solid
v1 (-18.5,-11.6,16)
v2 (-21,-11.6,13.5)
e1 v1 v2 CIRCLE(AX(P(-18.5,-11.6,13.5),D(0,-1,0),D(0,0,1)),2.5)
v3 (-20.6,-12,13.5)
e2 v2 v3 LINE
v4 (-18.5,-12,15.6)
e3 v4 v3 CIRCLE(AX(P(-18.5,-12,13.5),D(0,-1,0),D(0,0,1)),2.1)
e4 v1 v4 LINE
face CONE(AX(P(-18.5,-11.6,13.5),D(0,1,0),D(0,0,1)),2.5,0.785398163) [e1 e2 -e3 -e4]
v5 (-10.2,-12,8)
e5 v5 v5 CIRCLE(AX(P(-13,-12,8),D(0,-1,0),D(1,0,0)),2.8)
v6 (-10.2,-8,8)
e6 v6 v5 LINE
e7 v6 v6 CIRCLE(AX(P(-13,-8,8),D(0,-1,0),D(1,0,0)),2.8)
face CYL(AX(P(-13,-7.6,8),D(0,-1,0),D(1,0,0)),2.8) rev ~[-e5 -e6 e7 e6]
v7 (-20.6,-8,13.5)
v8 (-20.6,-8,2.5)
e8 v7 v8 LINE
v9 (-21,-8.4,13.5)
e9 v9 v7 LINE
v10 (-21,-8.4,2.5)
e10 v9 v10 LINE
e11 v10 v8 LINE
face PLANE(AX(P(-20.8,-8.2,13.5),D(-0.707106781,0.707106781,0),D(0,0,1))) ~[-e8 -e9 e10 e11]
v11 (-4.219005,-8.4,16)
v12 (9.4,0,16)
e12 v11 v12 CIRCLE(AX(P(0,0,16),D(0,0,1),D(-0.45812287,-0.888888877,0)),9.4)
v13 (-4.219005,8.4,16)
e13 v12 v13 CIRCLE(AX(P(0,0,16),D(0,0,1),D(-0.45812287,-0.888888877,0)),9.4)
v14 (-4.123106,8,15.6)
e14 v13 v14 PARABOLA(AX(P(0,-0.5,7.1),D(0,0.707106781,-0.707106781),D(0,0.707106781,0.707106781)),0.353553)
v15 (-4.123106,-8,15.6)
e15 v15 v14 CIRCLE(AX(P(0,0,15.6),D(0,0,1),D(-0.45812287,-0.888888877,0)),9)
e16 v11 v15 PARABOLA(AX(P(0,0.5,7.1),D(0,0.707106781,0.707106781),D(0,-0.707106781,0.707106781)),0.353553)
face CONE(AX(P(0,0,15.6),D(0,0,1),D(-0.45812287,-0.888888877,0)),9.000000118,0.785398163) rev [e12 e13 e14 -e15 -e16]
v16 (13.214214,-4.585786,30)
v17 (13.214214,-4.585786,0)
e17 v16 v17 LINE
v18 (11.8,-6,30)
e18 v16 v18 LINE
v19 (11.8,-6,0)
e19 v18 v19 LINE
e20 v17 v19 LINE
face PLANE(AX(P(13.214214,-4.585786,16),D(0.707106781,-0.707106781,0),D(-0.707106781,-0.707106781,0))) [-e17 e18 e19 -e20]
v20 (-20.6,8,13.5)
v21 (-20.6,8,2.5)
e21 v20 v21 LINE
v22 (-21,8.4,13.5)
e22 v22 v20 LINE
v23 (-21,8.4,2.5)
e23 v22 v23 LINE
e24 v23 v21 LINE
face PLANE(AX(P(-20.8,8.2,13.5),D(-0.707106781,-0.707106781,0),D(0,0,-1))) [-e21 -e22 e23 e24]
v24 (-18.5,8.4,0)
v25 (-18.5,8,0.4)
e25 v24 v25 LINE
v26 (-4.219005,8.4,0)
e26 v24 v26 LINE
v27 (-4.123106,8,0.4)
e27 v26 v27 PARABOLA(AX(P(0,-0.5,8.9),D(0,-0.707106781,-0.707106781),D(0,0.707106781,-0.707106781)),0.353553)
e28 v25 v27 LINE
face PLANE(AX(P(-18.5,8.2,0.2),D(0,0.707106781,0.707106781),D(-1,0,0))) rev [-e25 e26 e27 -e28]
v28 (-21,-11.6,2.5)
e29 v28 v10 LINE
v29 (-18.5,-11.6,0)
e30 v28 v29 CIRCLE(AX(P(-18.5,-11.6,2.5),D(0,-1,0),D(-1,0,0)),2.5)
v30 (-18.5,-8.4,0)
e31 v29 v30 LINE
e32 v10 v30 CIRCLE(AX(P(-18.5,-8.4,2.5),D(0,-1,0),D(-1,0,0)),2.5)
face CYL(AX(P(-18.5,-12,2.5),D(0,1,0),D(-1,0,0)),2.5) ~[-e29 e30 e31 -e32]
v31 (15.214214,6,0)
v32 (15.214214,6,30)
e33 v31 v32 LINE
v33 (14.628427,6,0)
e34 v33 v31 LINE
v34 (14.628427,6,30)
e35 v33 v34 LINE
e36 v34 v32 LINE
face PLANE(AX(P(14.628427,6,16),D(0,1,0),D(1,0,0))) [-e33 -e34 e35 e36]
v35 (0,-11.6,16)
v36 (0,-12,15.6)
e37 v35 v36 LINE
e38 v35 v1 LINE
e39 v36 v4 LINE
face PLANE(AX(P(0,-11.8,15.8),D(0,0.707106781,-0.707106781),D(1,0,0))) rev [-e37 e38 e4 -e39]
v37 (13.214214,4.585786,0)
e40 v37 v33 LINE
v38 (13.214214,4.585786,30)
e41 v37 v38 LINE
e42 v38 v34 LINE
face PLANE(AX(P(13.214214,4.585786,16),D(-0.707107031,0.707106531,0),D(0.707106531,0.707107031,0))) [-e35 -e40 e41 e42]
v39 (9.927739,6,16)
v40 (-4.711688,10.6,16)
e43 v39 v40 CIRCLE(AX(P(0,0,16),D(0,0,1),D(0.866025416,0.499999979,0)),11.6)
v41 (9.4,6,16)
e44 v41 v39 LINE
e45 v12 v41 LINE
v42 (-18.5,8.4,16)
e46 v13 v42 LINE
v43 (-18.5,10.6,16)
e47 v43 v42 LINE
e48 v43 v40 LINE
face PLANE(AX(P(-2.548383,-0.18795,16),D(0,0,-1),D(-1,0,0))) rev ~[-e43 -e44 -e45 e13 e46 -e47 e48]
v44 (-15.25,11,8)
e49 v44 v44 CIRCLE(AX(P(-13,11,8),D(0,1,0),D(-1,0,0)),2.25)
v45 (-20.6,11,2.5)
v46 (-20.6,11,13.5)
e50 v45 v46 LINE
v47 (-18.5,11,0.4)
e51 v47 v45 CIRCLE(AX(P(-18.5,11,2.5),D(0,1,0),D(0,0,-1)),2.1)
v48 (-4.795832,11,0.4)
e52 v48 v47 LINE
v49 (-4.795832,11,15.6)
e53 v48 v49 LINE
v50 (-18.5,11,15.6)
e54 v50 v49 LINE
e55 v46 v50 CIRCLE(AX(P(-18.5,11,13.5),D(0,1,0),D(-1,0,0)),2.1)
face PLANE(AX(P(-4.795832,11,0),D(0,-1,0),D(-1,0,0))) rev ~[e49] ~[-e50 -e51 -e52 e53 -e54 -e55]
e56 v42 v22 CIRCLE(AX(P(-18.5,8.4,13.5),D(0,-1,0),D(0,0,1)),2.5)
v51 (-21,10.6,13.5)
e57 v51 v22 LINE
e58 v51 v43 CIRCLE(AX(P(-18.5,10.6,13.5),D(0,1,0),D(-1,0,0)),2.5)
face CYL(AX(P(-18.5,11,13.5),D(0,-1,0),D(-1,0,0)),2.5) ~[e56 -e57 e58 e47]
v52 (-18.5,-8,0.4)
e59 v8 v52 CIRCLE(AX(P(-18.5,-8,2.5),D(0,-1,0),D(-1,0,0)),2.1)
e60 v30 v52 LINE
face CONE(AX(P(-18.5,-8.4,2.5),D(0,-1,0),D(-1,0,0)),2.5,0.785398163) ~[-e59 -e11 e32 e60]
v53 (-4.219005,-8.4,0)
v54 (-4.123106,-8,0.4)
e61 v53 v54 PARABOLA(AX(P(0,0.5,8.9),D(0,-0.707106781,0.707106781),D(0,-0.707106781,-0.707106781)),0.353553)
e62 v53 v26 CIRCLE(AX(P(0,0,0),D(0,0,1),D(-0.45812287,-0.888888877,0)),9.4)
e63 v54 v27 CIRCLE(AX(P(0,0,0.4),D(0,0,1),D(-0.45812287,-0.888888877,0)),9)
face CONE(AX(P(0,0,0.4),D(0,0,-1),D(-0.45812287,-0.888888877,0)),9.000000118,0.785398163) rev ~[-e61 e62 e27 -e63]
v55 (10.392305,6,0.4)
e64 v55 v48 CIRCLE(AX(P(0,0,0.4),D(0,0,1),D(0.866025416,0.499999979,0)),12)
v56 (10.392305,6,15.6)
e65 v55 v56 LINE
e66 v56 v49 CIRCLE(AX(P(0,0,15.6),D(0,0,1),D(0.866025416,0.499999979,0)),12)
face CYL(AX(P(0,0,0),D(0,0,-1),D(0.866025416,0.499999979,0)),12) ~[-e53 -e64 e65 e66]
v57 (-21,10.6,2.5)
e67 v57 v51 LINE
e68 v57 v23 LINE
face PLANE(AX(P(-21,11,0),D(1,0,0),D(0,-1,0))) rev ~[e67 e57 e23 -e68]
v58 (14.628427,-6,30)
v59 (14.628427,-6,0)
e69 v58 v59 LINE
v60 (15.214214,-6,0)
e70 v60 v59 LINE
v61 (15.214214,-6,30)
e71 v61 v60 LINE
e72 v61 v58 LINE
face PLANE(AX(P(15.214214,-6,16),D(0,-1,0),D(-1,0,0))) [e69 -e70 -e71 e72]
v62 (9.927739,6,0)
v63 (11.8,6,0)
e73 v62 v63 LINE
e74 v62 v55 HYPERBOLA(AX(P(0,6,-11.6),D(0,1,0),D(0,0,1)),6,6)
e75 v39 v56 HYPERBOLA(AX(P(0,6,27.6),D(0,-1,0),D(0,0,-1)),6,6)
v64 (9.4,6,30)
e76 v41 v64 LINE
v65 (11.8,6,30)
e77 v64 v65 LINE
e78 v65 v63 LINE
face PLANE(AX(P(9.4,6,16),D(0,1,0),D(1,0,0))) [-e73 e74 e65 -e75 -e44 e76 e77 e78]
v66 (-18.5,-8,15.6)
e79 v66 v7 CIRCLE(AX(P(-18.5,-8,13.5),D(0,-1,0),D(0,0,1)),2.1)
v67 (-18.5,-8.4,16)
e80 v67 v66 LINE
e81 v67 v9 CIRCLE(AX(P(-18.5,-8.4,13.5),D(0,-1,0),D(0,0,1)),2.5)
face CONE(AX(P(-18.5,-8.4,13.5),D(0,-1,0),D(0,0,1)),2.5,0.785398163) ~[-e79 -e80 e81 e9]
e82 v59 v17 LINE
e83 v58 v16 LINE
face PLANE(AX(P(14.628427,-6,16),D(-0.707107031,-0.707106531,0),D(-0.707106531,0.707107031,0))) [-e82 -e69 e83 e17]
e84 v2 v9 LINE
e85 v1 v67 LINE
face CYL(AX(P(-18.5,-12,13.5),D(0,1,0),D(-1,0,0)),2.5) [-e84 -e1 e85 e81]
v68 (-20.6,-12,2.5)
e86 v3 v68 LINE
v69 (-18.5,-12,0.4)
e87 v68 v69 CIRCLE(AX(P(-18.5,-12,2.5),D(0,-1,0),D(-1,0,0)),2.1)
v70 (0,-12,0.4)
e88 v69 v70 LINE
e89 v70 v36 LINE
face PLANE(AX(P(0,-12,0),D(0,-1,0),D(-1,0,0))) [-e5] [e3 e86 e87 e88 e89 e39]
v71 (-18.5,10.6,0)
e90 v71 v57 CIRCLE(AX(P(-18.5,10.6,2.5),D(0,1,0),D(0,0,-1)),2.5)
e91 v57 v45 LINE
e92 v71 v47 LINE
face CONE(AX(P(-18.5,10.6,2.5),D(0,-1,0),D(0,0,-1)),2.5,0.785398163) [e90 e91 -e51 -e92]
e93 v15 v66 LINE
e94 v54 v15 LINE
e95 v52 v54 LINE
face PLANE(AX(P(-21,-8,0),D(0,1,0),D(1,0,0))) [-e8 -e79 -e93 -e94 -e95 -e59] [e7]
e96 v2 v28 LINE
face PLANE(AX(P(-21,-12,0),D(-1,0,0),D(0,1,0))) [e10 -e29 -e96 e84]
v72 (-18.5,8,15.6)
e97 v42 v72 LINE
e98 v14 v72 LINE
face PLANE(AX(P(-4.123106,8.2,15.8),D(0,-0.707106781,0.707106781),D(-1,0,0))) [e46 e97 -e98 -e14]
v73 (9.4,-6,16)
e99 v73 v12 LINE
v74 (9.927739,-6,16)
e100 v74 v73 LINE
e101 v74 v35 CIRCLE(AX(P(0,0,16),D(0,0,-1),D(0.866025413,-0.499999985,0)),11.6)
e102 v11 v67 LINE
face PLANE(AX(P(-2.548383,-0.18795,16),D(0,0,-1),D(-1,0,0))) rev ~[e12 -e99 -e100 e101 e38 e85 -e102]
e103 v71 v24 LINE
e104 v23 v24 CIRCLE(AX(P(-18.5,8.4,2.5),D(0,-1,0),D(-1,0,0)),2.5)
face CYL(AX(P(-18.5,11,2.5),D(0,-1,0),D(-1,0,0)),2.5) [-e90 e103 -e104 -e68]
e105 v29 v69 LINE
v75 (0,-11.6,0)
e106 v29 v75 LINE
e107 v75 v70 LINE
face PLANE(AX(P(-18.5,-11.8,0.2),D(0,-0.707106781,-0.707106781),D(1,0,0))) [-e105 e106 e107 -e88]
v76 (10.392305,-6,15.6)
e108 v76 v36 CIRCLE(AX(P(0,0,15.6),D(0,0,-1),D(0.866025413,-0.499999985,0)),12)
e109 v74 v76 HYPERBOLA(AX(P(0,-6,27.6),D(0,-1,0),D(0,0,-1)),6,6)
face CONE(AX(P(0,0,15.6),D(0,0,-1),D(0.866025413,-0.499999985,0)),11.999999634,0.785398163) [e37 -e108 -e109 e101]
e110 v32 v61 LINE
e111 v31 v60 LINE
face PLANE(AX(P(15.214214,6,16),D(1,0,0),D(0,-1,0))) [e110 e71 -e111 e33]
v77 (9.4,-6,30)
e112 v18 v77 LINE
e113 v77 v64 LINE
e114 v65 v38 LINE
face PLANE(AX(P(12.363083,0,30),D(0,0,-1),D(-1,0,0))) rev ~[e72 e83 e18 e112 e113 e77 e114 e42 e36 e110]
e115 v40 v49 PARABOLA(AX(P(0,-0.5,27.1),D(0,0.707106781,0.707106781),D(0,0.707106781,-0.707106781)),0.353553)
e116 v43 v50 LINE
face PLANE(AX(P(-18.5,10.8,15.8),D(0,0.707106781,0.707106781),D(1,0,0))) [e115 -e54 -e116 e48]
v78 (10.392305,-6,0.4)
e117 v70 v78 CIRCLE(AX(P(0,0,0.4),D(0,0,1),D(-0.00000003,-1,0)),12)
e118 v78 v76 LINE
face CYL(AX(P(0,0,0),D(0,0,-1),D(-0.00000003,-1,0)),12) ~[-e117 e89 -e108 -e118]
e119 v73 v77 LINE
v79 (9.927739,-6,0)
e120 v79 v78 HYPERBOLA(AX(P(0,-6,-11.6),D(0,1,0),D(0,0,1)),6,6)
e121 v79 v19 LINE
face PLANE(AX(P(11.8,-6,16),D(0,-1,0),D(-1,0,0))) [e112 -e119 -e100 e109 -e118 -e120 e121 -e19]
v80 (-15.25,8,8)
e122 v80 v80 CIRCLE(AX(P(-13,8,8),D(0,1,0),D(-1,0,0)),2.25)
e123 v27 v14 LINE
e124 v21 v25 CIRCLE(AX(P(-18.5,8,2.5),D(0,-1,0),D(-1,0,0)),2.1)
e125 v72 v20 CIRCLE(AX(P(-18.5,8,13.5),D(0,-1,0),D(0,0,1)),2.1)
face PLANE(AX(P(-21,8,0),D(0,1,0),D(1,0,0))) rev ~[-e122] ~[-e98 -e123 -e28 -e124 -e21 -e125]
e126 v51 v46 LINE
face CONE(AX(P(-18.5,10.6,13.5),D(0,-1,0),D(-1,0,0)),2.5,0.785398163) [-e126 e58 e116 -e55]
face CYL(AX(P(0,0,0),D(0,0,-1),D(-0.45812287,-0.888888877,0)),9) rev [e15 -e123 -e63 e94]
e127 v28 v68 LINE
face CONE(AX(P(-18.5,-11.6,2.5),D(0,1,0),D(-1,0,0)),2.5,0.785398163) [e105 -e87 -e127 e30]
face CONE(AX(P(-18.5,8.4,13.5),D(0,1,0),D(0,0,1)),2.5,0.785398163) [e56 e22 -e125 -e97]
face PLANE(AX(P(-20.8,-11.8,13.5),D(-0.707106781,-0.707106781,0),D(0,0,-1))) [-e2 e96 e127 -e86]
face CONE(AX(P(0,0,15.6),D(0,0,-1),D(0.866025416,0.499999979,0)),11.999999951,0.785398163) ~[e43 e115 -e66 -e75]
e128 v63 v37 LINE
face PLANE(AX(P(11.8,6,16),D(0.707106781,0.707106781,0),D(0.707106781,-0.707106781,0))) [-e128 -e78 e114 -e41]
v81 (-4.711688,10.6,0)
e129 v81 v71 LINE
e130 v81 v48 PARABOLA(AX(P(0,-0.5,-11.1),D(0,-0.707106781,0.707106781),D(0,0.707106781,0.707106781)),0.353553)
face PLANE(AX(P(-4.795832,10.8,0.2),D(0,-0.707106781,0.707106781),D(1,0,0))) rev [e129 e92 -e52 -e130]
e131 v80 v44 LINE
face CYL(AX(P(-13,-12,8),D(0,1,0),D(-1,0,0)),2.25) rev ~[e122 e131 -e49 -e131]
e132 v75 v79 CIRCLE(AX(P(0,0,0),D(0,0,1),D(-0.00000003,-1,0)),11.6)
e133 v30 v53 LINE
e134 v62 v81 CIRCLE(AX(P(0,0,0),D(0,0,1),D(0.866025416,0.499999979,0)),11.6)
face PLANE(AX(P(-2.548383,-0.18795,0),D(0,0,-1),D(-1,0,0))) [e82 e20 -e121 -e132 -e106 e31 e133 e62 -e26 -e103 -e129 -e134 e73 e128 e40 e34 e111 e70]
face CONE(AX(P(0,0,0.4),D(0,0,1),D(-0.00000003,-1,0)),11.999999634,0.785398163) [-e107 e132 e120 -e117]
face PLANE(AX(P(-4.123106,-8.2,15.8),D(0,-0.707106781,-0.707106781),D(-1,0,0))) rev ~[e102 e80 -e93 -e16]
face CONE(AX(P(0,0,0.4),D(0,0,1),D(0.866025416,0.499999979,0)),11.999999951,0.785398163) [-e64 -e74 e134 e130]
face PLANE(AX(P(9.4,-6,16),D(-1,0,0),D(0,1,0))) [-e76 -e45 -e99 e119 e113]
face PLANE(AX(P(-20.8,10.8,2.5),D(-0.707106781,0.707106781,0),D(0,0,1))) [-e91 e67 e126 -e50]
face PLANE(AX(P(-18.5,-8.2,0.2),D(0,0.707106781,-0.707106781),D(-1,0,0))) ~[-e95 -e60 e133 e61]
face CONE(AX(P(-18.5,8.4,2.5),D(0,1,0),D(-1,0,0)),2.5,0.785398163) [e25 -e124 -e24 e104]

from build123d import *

# Parameters (mm, degrees)
PAD003_DEPTH        = 16
FILLET_R            = 2.5
HOLE002_D           = 4.5
HOLE002_CBORE_D     = 5.6
HOLE002_CBORE_DEPTH = 4.4
CHAMFER005_SIZE     = 0.4
PAD014_DEPTH        = 14


with BuildPart() as part:
    # Sketch015 → Pad003 (new body)
    with BuildSketch(Plane.XY):
        with BuildLine():
            Line((10.392305, 6), (11.8, 6))
            Line((11.8, 6), (13.214214, 4.585786))
            Line((13.214214, 4.585786), (14.628427, 6))
            Line((14.628427, 6), (15.214214, 6))
            Line((15.214214, 6), (15.214214, -6))
            Line((15.214214, -6), (14.628427, -6))
            Line((14.628427, -6), (13.214214, -4.585786))
            Line((13.214214, -4.585786), (11.8, -6))
            Line((11.8, -6), (10.392305, -6))
            ThreePointArc((0, -12), (6, -10.392305), (10.392305, -6))
            Line((0, -12), (-21, -12))
            Line((-21, -12), (-21, -8))
            Line((-21, -8), (-4.123106, -8))
            ThreePointArc((-4.123106, -8), (9, 0), (-4.123106, 8))
            Line((-21, 8), (-4.123106, 8))
            Line((-21, 11), (-21, 8))
            Line((-4.795832, 11), (-21, 11))
            ThreePointArc((10.392305, 6), (3.75235, 11.39824), (-4.795832, 11))
        make_face()
    extrude(amount=PAD003_DEPTH)

    # Fillet
    fillet_edges = [part.edges().sort_by_distance(p)[0] for p in [
        (-21, 9.5, 16),
        (-21, -10, 16),
        (-21, -10, 0),
        (-21, 9.5, 0),
    ]]
    fillet(fillet_edges, radius=FILLET_R)

    # Hole002 (through all)
    with Locations(Plane.XZ.offset(12)):
        with Locations((-13, 8)):
            CounterBoreHole(HOLE002_D / 2, HOLE002_CBORE_D / 2, HOLE002_CBORE_DEPTH)

    # Chamfer005
    chamfer005_edges = [part.edges().sort_by_distance(p)[0] for p in [
        (9, 0, 0),
        (9, 0, 16),
        (-11.311553, 8, 0),
        (-11.311553, -8, 0),
        (3.75235, 11.39824, 0),
        (-11.647916, 11, 0),
        (6, -10.392305, 0),
        (-9.25, -12, 0),
        (3.75235, 11.39824, 16),
        (6, -10.392305, 16),
    ]]
    chamfer(chamfer005_edges, length=CHAMFER005_SIZE)

    # Sketch033 (on Face20 of Pad003) → Pad014 (join)
    with BuildSketch(Plane.XY.offset(16)):
        Polygon((15.214214, 6), (15.214214, -6), (14.628427, -6), (13.214214, -4.585786), (11.8, -6), (9.4, -6), (9.4, 6), (11.8, 6), (13.214214, 4.585786), (14.628427, 6), align=None)
    extrude(amount=PAD014_DEPTH)


solid = part.part
